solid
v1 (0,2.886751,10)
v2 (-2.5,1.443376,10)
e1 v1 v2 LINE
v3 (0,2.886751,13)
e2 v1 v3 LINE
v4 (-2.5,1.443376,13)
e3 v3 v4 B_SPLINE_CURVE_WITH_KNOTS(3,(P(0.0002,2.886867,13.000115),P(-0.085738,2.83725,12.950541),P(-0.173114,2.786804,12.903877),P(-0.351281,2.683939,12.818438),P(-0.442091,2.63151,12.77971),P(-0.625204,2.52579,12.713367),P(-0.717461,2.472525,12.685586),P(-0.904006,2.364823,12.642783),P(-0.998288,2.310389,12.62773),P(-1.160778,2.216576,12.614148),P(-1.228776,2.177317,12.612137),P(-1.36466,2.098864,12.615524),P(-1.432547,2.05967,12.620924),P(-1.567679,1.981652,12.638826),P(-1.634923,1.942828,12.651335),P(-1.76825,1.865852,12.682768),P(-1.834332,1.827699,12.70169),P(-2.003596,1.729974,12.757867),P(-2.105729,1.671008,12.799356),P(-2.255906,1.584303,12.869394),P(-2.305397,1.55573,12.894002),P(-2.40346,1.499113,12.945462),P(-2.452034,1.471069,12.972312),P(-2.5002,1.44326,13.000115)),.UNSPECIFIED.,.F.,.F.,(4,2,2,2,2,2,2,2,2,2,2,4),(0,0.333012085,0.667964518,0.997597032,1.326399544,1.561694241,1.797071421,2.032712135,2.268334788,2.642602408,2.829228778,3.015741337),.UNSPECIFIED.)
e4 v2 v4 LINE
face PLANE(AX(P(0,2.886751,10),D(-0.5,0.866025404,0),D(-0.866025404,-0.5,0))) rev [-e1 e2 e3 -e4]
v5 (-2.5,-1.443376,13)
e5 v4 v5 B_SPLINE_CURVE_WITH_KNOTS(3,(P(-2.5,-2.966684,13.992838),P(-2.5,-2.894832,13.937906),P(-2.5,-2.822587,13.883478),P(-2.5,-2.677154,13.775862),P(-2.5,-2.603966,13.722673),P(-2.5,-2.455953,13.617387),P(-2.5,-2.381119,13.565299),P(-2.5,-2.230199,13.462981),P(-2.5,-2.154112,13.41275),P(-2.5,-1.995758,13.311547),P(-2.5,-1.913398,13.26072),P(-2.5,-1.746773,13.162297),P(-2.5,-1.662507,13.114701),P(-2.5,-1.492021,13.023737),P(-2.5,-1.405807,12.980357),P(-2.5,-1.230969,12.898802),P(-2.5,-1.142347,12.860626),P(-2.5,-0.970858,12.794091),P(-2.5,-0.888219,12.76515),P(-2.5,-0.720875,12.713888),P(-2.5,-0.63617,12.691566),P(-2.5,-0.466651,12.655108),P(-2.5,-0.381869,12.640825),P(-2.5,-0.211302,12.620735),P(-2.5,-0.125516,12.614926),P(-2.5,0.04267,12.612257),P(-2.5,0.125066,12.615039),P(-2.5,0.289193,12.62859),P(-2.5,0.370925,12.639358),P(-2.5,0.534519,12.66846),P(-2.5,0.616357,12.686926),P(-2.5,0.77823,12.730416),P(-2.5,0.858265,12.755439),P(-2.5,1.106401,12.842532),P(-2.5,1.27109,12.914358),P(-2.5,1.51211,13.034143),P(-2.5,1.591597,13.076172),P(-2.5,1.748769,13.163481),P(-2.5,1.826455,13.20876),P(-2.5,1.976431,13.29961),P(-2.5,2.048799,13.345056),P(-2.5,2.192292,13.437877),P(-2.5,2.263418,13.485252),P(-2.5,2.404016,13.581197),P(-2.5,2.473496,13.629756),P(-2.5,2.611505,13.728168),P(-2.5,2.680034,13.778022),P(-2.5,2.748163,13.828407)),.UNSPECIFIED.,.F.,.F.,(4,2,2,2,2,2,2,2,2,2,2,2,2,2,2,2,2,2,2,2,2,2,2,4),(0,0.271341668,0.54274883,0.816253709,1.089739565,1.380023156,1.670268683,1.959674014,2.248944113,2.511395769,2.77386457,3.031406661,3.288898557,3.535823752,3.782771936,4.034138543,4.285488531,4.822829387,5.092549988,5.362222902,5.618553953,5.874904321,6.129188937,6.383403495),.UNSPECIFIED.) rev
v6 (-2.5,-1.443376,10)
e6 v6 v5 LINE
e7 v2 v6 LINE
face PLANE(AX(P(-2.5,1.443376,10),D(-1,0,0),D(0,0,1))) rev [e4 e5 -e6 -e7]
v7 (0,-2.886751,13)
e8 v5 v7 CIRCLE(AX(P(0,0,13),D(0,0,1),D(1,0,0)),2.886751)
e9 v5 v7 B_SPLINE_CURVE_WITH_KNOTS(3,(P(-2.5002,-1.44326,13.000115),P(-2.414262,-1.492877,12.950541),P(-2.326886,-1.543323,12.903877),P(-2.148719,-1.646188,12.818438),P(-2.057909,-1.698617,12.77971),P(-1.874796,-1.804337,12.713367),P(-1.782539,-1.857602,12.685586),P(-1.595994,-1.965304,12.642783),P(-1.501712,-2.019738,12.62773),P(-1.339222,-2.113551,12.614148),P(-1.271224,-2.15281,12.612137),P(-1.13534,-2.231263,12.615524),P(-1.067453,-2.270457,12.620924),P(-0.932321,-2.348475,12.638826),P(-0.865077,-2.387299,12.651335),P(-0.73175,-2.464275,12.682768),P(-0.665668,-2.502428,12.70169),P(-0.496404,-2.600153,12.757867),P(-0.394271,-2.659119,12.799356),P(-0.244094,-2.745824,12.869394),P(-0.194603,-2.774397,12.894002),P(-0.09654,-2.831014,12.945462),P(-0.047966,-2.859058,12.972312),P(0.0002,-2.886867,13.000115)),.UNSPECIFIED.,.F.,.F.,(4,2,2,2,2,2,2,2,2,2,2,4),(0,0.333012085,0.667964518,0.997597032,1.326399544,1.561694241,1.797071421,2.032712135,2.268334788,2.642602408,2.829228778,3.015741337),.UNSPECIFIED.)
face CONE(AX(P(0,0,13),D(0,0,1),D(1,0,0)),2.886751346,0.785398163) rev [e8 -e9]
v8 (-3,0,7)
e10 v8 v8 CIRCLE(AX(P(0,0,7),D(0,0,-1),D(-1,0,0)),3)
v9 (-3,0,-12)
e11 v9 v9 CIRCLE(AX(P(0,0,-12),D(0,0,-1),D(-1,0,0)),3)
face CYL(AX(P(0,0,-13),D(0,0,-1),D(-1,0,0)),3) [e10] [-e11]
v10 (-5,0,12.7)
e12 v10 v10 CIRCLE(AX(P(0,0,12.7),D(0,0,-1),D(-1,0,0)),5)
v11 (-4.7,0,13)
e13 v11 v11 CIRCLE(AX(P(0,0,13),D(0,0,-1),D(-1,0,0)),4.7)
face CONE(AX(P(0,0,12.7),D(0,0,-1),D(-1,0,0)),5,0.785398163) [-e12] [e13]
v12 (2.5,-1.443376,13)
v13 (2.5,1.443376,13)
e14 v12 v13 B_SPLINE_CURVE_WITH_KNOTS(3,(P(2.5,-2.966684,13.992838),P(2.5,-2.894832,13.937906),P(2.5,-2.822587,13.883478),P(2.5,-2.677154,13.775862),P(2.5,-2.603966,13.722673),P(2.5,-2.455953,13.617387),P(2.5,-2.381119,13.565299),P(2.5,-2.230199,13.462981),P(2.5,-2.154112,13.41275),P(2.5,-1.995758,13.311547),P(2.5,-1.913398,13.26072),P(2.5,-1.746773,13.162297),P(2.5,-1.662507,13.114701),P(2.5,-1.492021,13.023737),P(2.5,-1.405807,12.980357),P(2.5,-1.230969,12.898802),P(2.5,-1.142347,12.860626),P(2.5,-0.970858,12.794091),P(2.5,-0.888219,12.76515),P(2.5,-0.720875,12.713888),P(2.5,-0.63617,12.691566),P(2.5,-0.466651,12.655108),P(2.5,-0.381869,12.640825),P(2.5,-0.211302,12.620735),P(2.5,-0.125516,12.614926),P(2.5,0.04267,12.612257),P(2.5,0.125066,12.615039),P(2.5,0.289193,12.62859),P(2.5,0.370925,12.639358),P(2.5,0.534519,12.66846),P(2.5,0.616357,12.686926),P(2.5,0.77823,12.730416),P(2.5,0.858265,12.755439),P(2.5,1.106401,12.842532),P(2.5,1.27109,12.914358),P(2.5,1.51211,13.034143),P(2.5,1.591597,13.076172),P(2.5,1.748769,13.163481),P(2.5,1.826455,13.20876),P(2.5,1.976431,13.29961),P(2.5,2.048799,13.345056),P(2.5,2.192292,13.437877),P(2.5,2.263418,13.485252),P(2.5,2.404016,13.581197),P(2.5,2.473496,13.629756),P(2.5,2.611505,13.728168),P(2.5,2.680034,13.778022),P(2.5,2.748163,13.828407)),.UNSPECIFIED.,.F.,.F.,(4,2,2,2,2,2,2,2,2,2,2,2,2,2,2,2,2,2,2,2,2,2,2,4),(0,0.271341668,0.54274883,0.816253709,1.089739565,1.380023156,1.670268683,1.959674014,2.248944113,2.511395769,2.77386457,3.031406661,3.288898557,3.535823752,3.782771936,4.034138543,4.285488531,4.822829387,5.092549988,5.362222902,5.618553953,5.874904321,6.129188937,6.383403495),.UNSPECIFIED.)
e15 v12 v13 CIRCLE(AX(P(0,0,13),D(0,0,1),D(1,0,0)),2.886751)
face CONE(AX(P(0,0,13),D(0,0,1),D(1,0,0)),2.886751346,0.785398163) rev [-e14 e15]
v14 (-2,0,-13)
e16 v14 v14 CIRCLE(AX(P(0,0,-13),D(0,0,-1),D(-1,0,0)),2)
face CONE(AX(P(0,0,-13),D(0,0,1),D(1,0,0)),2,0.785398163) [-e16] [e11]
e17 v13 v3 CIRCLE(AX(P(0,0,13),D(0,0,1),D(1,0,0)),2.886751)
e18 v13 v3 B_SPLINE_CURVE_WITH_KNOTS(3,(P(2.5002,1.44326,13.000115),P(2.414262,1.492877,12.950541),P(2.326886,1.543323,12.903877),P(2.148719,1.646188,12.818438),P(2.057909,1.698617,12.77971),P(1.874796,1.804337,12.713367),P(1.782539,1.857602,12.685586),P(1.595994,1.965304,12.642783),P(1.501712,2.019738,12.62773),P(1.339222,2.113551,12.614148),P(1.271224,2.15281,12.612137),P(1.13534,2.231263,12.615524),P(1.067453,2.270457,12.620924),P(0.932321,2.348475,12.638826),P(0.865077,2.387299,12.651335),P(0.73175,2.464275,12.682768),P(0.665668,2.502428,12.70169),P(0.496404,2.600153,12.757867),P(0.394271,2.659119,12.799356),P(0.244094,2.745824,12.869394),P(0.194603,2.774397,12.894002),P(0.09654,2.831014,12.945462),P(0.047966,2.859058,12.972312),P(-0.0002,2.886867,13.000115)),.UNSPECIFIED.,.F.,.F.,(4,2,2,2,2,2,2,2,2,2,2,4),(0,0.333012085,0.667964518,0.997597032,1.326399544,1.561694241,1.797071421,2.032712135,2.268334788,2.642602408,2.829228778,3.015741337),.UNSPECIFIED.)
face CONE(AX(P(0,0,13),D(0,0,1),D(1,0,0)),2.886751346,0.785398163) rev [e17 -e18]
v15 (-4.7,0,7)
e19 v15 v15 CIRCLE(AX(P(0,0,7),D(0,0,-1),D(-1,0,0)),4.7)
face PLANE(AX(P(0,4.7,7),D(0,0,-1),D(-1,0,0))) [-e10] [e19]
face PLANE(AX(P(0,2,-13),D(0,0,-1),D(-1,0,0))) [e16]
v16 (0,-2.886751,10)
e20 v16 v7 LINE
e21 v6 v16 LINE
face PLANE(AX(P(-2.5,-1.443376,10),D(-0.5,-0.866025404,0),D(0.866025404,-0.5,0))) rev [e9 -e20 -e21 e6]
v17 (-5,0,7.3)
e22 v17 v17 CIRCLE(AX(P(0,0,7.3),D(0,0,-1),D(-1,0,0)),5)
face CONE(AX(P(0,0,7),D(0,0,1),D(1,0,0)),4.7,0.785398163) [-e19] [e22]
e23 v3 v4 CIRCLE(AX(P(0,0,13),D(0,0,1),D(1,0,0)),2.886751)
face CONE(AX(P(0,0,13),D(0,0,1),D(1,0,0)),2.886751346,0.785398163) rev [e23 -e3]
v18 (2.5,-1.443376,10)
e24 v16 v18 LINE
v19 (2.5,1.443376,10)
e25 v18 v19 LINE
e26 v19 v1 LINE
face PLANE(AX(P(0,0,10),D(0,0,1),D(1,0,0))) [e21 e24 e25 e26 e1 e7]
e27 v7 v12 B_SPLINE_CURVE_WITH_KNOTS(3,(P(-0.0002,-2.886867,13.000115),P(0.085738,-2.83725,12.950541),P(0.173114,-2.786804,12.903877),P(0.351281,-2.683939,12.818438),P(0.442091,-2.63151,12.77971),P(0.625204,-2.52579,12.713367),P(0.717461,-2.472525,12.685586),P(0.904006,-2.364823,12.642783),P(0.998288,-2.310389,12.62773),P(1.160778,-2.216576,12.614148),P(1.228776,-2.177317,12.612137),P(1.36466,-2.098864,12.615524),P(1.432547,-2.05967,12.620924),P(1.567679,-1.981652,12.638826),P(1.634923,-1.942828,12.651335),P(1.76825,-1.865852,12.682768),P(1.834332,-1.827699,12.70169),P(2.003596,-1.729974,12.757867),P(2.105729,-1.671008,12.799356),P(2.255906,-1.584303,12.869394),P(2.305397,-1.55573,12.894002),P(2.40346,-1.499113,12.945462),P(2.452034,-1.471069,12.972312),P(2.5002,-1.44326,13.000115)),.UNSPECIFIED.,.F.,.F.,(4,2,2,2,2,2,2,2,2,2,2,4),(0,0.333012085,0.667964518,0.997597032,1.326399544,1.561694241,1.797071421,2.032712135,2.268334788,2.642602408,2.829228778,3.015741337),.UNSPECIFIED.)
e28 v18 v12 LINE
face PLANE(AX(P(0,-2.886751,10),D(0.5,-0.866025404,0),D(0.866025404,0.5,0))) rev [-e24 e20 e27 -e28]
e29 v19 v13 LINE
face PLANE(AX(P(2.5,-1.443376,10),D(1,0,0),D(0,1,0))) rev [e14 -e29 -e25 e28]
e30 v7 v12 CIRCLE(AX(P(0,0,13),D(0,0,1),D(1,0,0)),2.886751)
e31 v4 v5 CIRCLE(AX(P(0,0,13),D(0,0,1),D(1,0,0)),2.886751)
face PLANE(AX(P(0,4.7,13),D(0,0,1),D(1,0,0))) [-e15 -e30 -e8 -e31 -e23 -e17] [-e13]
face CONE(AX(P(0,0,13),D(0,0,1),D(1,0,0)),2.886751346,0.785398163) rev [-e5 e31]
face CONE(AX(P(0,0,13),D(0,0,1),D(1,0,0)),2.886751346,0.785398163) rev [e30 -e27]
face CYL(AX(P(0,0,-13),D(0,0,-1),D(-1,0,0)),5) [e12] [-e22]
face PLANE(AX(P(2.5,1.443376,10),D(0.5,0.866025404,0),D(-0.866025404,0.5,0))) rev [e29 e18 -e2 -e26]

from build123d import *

# Parameters (mm, degrees)
CUT_EXTRUDE1_START = -3
CUT_EXTRUDE1_DEPTH = 3
SKETCH4_R          = 2.886751346
CUT_EXTRUDE2_DEPTH = 0.5
CUT_EXTRUDE2_TAPER = 45


with BuildPart() as part:
    # Sketch2 → Revolve1 (revolve)
    with BuildSketch(Plane(origin=(0, 0, 0), x_dir=(0, 0, -1), z_dir=(1, 0, 0))):
        Polygon((-12.7, 5), (-7.3, 5), (-7, 4.7), (-7, 3), (12, 3), (13, 2), (13, 0), (-13, 0), (-13, 4.7), align=None)
    revolve(axis=Axis((0, 0, -13), (0, 0, 1)))

    # Sketch3 → Cut-Extrude1 (cut)
    with BuildSketch(Plane.XY.offset(13).offset(CUT_EXTRUDE1_START)):
        Polygon((0, 2.886751346), (-2.5, 1.443375673), (-2.5, -1.443375673), (0, -2.886751346), (2.5, -1.443375673), (2.5, 1.443375673), align=None)
    extrude(amount=CUT_EXTRUDE1_DEPTH, mode=Mode.SUBTRACT)

    # Sketch4 → Cut-Extrude2 (cut)
    with BuildSketch(Plane.XY.offset(13)):
        Circle(SKETCH4_R)
    extrude(amount=-CUT_EXTRUDE2_DEPTH, taper=CUT_EXTRUDE2_TAPER, mode=Mode.SUBTRACT)


solid = part.part
